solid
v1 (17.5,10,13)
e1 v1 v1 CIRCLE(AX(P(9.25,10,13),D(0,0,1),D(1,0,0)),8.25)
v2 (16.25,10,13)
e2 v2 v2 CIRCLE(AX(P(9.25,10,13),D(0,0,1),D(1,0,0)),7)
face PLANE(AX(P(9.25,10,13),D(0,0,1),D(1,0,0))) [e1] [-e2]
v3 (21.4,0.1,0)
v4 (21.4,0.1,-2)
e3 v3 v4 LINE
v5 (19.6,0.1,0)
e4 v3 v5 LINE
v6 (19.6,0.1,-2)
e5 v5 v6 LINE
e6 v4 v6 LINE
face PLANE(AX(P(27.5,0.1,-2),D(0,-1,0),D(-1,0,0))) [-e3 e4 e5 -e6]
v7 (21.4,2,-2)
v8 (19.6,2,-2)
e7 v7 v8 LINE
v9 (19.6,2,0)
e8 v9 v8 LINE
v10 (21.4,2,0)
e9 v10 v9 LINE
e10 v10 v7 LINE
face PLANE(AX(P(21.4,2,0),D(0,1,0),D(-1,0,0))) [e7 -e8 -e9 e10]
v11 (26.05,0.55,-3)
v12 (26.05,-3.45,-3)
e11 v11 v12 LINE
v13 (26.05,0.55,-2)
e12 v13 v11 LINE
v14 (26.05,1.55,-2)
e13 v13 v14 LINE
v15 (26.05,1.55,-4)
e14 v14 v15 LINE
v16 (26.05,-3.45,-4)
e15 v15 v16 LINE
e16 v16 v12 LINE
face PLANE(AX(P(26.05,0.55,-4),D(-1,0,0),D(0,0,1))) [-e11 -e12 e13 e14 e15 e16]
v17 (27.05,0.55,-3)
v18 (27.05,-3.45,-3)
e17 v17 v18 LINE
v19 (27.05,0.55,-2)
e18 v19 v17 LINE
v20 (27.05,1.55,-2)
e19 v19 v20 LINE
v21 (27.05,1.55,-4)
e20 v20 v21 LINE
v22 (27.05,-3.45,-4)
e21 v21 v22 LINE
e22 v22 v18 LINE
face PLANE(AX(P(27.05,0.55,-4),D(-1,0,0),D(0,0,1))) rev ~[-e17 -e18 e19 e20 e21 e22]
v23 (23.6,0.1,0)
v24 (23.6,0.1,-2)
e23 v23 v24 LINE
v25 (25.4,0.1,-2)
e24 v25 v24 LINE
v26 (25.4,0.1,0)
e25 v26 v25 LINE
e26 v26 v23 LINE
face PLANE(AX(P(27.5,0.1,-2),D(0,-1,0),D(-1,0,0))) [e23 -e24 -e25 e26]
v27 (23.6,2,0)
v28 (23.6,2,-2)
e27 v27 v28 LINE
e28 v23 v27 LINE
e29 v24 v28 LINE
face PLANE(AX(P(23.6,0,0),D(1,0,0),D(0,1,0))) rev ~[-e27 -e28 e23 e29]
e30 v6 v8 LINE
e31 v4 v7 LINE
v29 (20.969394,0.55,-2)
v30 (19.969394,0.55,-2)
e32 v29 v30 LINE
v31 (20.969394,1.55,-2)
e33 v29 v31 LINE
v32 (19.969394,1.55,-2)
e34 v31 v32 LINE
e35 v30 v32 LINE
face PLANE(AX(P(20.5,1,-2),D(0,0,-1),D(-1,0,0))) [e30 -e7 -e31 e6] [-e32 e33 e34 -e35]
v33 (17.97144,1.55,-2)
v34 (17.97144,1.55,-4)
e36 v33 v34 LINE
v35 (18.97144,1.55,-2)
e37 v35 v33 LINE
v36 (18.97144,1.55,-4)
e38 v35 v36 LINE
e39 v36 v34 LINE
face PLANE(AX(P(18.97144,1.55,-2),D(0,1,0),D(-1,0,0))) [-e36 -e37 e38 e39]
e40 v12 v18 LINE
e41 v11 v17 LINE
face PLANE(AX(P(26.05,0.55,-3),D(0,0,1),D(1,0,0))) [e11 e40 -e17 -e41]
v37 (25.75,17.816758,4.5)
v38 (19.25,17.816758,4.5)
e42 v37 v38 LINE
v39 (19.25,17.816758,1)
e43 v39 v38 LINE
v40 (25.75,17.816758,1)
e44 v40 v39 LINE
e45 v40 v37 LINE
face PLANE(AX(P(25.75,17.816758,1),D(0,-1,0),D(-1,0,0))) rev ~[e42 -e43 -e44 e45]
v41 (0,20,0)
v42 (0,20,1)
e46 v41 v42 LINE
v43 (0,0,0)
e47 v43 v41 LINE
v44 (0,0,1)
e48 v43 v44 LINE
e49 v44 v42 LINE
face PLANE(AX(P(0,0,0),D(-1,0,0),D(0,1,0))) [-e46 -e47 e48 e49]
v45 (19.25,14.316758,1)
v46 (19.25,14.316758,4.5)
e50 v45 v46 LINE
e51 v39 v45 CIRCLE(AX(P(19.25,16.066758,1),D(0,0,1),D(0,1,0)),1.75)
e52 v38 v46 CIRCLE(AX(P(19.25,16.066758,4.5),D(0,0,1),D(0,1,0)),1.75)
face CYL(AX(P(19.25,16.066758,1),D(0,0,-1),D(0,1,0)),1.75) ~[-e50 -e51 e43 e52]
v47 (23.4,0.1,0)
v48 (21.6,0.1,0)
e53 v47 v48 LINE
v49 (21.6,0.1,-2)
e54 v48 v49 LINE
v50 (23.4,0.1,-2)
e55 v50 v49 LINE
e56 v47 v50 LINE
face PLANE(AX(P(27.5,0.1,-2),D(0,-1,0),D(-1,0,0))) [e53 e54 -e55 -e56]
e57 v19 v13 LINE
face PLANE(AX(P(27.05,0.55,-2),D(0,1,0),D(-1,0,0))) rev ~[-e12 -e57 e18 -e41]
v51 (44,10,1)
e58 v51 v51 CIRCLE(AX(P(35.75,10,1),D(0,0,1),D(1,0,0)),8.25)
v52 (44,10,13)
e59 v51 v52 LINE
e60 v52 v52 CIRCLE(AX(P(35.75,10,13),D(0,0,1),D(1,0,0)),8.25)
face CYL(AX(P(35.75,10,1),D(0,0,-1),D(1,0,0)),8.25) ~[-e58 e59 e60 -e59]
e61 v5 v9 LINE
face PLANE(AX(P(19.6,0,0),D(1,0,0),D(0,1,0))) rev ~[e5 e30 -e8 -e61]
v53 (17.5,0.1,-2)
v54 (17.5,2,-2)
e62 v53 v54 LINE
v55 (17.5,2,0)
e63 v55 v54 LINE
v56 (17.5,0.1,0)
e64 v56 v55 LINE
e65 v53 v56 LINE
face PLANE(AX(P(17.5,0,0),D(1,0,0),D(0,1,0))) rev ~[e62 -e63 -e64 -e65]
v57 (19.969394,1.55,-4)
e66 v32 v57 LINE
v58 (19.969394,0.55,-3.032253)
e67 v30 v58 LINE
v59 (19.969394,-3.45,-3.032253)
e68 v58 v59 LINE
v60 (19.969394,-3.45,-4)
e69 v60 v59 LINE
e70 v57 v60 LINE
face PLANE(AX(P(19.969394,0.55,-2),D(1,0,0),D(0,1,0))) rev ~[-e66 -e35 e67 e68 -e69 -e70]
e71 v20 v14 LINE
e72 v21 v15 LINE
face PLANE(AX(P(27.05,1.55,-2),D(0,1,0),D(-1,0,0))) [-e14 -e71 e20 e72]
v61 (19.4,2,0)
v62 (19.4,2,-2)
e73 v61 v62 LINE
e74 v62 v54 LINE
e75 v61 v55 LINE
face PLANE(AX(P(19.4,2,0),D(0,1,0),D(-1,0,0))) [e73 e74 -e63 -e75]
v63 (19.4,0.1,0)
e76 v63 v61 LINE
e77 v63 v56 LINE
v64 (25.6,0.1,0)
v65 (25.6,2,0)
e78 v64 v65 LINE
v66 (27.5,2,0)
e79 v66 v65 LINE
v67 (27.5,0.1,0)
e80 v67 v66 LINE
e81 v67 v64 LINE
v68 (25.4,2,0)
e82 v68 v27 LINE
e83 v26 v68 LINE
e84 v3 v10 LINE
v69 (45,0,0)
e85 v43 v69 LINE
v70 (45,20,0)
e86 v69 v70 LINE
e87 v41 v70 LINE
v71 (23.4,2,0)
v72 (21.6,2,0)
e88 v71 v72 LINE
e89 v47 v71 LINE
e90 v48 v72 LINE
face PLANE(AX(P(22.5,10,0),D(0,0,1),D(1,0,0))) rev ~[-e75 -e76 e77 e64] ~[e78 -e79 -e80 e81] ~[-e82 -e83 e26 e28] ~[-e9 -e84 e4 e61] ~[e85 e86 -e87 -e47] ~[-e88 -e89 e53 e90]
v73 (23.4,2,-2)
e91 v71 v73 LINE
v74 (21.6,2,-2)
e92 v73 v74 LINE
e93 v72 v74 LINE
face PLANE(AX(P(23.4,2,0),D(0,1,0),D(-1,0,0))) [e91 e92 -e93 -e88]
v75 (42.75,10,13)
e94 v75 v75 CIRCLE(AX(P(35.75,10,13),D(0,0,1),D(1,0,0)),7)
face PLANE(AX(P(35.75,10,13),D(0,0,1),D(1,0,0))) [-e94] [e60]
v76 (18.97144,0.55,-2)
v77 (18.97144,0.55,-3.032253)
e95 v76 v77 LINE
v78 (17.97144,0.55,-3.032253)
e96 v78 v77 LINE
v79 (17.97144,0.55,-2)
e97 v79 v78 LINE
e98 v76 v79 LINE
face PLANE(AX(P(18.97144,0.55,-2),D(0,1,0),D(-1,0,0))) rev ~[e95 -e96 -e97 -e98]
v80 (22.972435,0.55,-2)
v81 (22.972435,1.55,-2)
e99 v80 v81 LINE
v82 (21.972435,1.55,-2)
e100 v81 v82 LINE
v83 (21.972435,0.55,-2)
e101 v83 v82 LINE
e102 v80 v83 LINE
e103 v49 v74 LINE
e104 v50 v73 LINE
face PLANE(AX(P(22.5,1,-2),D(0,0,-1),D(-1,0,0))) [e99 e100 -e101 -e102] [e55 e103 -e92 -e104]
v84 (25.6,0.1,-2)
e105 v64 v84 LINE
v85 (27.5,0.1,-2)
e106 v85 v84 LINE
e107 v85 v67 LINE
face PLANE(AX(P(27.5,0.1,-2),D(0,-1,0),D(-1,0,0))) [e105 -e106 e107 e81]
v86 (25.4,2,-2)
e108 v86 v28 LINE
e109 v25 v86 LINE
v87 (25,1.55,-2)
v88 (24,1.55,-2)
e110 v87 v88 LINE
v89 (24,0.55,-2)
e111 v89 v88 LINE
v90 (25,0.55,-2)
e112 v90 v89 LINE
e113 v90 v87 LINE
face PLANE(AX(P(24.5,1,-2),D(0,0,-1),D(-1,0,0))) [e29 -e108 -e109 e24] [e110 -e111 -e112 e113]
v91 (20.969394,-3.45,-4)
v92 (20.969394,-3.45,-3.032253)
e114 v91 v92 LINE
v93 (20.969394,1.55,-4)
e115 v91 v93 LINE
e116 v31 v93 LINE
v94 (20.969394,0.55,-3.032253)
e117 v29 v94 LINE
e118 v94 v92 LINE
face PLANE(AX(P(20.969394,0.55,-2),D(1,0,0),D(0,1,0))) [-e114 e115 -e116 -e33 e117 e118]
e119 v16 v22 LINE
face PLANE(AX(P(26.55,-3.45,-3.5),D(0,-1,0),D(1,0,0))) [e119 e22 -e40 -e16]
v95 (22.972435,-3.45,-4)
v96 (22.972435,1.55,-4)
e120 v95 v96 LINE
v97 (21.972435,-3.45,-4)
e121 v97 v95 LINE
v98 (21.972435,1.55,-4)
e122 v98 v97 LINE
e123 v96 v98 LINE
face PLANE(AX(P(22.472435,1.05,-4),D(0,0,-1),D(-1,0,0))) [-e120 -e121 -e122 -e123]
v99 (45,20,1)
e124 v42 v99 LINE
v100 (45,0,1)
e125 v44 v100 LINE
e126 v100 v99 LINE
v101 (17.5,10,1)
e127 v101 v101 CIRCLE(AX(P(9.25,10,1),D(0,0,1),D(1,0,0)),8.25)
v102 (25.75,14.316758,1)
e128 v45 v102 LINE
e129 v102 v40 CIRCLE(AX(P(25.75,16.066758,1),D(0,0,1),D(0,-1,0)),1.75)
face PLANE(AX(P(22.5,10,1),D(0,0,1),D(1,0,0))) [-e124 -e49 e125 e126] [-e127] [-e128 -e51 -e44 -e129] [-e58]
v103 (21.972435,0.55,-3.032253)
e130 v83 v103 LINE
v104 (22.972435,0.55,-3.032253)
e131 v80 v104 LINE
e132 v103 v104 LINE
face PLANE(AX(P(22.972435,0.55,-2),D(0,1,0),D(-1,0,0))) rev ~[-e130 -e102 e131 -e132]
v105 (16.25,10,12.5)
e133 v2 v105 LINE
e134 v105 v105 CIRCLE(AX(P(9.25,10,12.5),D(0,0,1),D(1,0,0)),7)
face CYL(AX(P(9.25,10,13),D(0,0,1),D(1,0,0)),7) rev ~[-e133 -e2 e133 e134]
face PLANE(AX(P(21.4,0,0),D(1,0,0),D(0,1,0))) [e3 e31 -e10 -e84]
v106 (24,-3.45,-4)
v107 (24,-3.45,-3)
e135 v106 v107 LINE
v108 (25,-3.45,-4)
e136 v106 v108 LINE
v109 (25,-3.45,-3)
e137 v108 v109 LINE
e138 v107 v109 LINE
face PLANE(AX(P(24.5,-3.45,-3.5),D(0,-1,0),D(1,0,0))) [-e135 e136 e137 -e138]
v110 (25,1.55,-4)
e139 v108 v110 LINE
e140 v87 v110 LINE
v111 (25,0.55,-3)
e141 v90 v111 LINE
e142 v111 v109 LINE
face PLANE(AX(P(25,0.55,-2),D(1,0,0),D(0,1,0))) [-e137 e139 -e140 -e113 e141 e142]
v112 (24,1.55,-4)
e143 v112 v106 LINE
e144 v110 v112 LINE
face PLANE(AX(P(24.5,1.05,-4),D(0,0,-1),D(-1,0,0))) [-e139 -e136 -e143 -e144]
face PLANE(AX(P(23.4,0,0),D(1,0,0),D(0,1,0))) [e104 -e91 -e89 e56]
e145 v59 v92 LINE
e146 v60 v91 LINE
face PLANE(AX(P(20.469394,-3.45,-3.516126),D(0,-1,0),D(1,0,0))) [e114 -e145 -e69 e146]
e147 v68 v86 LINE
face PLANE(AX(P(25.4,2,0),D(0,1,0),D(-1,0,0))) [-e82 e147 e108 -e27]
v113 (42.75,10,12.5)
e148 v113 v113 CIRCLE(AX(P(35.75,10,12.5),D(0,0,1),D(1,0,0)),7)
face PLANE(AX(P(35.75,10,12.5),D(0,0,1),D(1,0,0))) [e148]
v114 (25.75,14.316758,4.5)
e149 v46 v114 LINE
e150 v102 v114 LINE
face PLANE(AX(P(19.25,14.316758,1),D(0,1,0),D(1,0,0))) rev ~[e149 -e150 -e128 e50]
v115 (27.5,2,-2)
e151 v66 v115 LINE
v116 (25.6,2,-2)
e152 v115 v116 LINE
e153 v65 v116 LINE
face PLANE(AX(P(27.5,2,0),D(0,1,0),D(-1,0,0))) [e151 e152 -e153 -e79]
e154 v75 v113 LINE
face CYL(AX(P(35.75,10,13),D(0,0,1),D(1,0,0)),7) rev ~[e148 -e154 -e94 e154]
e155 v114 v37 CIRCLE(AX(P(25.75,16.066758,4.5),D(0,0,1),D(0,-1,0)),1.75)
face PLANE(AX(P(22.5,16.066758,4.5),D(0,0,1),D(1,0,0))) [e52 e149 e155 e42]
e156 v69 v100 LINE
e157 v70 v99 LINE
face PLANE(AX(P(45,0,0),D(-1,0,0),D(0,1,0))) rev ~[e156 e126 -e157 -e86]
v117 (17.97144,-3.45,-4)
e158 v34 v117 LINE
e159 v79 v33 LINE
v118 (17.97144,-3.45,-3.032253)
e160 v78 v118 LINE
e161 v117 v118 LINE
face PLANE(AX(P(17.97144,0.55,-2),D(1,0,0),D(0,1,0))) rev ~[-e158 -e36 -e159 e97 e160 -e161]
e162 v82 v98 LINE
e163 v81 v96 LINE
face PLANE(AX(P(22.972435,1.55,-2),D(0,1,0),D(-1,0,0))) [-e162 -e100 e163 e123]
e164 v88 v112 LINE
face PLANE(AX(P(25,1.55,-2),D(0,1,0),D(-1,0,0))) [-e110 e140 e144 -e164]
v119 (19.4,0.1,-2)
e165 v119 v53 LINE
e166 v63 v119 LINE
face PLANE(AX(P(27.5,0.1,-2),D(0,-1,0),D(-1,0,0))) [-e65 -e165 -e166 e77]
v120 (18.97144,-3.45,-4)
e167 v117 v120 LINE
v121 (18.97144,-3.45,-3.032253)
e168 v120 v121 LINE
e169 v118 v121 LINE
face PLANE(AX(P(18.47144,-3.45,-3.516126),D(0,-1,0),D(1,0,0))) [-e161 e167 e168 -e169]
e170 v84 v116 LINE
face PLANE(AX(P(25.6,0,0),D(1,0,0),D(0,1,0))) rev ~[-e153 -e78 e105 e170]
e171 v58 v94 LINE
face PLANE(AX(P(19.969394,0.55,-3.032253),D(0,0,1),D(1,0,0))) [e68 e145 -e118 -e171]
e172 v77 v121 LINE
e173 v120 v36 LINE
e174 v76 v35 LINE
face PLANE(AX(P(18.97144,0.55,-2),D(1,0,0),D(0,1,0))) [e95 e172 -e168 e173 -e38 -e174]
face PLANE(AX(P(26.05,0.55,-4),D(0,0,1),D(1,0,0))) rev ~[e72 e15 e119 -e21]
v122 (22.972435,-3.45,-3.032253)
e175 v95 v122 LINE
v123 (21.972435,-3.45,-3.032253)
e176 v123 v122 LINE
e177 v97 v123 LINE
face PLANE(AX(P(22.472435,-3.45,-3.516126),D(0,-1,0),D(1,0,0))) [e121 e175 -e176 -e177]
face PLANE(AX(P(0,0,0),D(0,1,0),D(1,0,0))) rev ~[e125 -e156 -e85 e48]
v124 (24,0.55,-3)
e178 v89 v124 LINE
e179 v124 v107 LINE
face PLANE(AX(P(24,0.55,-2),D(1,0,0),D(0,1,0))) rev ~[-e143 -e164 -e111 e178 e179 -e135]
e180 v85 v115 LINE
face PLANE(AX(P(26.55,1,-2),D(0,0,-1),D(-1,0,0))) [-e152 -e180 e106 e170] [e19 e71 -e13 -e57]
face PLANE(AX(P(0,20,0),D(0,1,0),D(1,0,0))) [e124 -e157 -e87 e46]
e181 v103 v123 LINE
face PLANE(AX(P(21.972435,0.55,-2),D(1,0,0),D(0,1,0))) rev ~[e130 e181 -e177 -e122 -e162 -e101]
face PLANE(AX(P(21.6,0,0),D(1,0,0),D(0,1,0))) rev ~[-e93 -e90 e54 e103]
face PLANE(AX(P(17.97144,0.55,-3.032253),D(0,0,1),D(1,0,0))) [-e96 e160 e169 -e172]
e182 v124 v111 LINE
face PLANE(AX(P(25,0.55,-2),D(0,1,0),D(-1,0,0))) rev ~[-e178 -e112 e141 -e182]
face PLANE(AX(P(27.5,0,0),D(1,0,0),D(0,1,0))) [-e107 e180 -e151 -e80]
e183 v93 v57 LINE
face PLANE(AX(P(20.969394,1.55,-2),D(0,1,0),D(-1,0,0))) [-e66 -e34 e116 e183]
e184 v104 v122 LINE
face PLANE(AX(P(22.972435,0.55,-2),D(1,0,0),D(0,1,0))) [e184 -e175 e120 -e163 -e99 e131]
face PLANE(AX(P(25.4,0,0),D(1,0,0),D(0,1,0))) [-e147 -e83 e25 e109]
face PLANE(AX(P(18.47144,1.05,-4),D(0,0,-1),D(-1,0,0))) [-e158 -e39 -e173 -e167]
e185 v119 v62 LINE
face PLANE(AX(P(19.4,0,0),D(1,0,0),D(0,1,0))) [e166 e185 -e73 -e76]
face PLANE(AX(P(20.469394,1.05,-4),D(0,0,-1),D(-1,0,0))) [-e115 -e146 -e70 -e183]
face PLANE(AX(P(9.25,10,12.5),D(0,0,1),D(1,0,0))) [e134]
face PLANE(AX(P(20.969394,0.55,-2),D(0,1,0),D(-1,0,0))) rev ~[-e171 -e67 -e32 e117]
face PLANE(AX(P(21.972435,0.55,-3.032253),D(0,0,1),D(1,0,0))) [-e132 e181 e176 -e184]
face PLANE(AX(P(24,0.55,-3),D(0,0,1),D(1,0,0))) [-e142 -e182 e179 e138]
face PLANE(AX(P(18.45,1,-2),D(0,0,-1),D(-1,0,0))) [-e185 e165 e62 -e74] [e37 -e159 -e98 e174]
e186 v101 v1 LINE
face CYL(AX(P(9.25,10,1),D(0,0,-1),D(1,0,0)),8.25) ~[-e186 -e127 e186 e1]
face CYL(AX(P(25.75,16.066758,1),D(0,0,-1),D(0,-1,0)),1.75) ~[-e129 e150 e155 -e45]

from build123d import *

# Parameters (mm, degrees)
ESBO_O1_W                = 45
ESBO_O1_H                = 20
RESSALTO_EXTRUS_O1_DEPTH = 1
ESBO_O2_R                = 8.25
RESSALTO_EXTRUS_O2_DEPTH = 12
ESBO_O3_R                = 7
CORTE_EXTRUS_O1_DEPTH    = 0.5
RESSALTO_EXTRUS_O5_DEPTH = 3.5
ESBO_O7_W                = 1.9
ESBO_O7_H                = 2
ESBO_O7_W_2              = 1.8
RESSALTO_EXTRUS_O6_DEPTH = 2
ESBO_O9_W                = 10
ESBO_O9_H                = 0.1
CORTE_EXTRUS_O2_DEPTH    = 2
ESBO_O10_W               = 1
ESBO_O10_H               = 1
RESSALTO_EXTRUS_O7_DEPTH = 2
ESBO_O11_W               = 1
ESBO_O11_H               = 1
ESBO_O11_H_2             = 0.967747288
RESSALTO_EXTRUS_O8_DEPTH = 4


with BuildPart() as part:
    # Esboço1 → Ressalto-extrusão1 (new body)
    with BuildSketch(Plane.XY):
        with Locations((22.5, 10)):
            Rectangle(ESBO_O1_W, ESBO_O1_H)
    extrude(amount=RESSALTO_EXTRUS_O1_DEPTH)

    # Esboço2 → Ressalto-extrusão2 (add)
    with BuildSketch(Plane.XY.offset(1)):
        with Locations((9.25, 10)):
            Circle(ESBO_O2_R)
        with Locations((35.75, 10)):
            Circle(ESBO_O2_R)
    extrude(amount=RESSALTO_EXTRUS_O2_DEPTH)

    # Esboço3 → Corte-extrusão1 (cut)
    with BuildSketch(Plane.XY.offset(13)):
        with Locations((9.25, 10)):
            Circle(ESBO_O3_R)
        with Locations((35.75, 10)):
            Circle(ESBO_O3_R)
    extrude(amount=-CORTE_EXTRUS_O1_DEPTH, mode=Mode.SUBTRACT)

    # Esboço6 → Ressalto-extrusão5 (add)
    with BuildSketch(Plane.XY.offset(1)):
        with BuildLine():
            Line((25.75, 17.816758405), (19.25, 17.816758405))
            ThreePointArc((19.25, 17.816758405), (17.5, 16.066758405), (19.25, 14.316758405))
            Line((19.25, 14.316758405), (25.75, 14.316758405))
            ThreePointArc((25.75, 14.316758405), (27.5, 16.066758405), (25.75, 17.816758405))
        make_face()
    extrude(amount=RESSALTO_EXTRUS_O5_DEPTH)

    # Esboço7 → Ressalto-extrusão6 (add)
    with BuildSketch(Plane(origin=(0, 0, 0), x_dir=(-1, 0, 0), z_dir=(0, 0, -1))):
        with Locations((-26.55, 1)):
            Rectangle(ESBO_O7_W, ESBO_O7_H)
        with Locations((-24.5, 1)):
            Rectangle(ESBO_O7_W_2, ESBO_O7_H)
        with Locations((-22.5, 1)):
            Rectangle(ESBO_O7_W_2, ESBO_O7_H)
        with Locations((-20.5, 1)):
            Rectangle(ESBO_O7_W_2, ESBO_O7_H)
        with Locations((-18.45, 1)):
            Rectangle(ESBO_O7_W, ESBO_O7_H)
    extrude(amount=RESSALTO_EXTRUS_O6_DEPTH)

    # Esboço9 → Corte-extrusão2 (cut)
    with BuildSketch(Plane(origin=(0, 0, -2), x_dir=(-1, 0, 0), z_dir=(0, 0, -1))):
        with Locations((-22.5, 0.05)):
            Rectangle(ESBO_O9_W, ESBO_O9_H)
    extrude(amount=-CORTE_EXTRUS_O2_DEPTH, mode=Mode.SUBTRACT)

    # Esboço10 → Ressalto-extrusão7 (add)
    with BuildSketch(Plane(origin=(0, 0, -2), x_dir=(-1, 0, 0), z_dir=(0, 0, -1))):
        with Locations((-24.5, 1.05)):
            Rectangle(ESBO_O10_W, ESBO_O10_H)
        with Locations((-26.55, 1.05)):
            Rectangle(ESBO_O10_W, ESBO_O10_H)
        with Locations((-22.472435469, 1.05)):
            Rectangle(ESBO_O10_W, ESBO_O10_H)
        with Locations((-20.46939422, 1.05)):
            Rectangle(ESBO_O10_W, ESBO_O10_H)
        with Locations((-18.471440092, 1.05)):
            Rectangle(ESBO_O10_W, ESBO_O10_H)
    extrude(amount=RESSALTO_EXTRUS_O7_DEPTH)

    # Esboço11 → Ressalto-extrusão8 (add)
    with BuildSketch(Plane.XZ.offset(-0.55)):
        with Locations((26.55, -3.5)):
            Rectangle(ESBO_O11_W, ESBO_O11_H)
        with Locations((24.5, -3.5)):
            Rectangle(ESBO_O11_W, ESBO_O11_H)
        with Locations((22.472435469, -3.516126356)):
            Rectangle(ESBO_O11_W, ESBO_O11_H_2)
        with Locations((20.46939422, -3.516126356)):
            Rectangle(ESBO_O11_W, ESBO_O11_H_2)
        with Locations((18.471440092, -3.516126356)):
            Rectangle(ESBO_O11_W, ESBO_O11_H_2)
    extrude(amount=RESSALTO_EXTRUS_O8_DEPTH)


solid = part.part
